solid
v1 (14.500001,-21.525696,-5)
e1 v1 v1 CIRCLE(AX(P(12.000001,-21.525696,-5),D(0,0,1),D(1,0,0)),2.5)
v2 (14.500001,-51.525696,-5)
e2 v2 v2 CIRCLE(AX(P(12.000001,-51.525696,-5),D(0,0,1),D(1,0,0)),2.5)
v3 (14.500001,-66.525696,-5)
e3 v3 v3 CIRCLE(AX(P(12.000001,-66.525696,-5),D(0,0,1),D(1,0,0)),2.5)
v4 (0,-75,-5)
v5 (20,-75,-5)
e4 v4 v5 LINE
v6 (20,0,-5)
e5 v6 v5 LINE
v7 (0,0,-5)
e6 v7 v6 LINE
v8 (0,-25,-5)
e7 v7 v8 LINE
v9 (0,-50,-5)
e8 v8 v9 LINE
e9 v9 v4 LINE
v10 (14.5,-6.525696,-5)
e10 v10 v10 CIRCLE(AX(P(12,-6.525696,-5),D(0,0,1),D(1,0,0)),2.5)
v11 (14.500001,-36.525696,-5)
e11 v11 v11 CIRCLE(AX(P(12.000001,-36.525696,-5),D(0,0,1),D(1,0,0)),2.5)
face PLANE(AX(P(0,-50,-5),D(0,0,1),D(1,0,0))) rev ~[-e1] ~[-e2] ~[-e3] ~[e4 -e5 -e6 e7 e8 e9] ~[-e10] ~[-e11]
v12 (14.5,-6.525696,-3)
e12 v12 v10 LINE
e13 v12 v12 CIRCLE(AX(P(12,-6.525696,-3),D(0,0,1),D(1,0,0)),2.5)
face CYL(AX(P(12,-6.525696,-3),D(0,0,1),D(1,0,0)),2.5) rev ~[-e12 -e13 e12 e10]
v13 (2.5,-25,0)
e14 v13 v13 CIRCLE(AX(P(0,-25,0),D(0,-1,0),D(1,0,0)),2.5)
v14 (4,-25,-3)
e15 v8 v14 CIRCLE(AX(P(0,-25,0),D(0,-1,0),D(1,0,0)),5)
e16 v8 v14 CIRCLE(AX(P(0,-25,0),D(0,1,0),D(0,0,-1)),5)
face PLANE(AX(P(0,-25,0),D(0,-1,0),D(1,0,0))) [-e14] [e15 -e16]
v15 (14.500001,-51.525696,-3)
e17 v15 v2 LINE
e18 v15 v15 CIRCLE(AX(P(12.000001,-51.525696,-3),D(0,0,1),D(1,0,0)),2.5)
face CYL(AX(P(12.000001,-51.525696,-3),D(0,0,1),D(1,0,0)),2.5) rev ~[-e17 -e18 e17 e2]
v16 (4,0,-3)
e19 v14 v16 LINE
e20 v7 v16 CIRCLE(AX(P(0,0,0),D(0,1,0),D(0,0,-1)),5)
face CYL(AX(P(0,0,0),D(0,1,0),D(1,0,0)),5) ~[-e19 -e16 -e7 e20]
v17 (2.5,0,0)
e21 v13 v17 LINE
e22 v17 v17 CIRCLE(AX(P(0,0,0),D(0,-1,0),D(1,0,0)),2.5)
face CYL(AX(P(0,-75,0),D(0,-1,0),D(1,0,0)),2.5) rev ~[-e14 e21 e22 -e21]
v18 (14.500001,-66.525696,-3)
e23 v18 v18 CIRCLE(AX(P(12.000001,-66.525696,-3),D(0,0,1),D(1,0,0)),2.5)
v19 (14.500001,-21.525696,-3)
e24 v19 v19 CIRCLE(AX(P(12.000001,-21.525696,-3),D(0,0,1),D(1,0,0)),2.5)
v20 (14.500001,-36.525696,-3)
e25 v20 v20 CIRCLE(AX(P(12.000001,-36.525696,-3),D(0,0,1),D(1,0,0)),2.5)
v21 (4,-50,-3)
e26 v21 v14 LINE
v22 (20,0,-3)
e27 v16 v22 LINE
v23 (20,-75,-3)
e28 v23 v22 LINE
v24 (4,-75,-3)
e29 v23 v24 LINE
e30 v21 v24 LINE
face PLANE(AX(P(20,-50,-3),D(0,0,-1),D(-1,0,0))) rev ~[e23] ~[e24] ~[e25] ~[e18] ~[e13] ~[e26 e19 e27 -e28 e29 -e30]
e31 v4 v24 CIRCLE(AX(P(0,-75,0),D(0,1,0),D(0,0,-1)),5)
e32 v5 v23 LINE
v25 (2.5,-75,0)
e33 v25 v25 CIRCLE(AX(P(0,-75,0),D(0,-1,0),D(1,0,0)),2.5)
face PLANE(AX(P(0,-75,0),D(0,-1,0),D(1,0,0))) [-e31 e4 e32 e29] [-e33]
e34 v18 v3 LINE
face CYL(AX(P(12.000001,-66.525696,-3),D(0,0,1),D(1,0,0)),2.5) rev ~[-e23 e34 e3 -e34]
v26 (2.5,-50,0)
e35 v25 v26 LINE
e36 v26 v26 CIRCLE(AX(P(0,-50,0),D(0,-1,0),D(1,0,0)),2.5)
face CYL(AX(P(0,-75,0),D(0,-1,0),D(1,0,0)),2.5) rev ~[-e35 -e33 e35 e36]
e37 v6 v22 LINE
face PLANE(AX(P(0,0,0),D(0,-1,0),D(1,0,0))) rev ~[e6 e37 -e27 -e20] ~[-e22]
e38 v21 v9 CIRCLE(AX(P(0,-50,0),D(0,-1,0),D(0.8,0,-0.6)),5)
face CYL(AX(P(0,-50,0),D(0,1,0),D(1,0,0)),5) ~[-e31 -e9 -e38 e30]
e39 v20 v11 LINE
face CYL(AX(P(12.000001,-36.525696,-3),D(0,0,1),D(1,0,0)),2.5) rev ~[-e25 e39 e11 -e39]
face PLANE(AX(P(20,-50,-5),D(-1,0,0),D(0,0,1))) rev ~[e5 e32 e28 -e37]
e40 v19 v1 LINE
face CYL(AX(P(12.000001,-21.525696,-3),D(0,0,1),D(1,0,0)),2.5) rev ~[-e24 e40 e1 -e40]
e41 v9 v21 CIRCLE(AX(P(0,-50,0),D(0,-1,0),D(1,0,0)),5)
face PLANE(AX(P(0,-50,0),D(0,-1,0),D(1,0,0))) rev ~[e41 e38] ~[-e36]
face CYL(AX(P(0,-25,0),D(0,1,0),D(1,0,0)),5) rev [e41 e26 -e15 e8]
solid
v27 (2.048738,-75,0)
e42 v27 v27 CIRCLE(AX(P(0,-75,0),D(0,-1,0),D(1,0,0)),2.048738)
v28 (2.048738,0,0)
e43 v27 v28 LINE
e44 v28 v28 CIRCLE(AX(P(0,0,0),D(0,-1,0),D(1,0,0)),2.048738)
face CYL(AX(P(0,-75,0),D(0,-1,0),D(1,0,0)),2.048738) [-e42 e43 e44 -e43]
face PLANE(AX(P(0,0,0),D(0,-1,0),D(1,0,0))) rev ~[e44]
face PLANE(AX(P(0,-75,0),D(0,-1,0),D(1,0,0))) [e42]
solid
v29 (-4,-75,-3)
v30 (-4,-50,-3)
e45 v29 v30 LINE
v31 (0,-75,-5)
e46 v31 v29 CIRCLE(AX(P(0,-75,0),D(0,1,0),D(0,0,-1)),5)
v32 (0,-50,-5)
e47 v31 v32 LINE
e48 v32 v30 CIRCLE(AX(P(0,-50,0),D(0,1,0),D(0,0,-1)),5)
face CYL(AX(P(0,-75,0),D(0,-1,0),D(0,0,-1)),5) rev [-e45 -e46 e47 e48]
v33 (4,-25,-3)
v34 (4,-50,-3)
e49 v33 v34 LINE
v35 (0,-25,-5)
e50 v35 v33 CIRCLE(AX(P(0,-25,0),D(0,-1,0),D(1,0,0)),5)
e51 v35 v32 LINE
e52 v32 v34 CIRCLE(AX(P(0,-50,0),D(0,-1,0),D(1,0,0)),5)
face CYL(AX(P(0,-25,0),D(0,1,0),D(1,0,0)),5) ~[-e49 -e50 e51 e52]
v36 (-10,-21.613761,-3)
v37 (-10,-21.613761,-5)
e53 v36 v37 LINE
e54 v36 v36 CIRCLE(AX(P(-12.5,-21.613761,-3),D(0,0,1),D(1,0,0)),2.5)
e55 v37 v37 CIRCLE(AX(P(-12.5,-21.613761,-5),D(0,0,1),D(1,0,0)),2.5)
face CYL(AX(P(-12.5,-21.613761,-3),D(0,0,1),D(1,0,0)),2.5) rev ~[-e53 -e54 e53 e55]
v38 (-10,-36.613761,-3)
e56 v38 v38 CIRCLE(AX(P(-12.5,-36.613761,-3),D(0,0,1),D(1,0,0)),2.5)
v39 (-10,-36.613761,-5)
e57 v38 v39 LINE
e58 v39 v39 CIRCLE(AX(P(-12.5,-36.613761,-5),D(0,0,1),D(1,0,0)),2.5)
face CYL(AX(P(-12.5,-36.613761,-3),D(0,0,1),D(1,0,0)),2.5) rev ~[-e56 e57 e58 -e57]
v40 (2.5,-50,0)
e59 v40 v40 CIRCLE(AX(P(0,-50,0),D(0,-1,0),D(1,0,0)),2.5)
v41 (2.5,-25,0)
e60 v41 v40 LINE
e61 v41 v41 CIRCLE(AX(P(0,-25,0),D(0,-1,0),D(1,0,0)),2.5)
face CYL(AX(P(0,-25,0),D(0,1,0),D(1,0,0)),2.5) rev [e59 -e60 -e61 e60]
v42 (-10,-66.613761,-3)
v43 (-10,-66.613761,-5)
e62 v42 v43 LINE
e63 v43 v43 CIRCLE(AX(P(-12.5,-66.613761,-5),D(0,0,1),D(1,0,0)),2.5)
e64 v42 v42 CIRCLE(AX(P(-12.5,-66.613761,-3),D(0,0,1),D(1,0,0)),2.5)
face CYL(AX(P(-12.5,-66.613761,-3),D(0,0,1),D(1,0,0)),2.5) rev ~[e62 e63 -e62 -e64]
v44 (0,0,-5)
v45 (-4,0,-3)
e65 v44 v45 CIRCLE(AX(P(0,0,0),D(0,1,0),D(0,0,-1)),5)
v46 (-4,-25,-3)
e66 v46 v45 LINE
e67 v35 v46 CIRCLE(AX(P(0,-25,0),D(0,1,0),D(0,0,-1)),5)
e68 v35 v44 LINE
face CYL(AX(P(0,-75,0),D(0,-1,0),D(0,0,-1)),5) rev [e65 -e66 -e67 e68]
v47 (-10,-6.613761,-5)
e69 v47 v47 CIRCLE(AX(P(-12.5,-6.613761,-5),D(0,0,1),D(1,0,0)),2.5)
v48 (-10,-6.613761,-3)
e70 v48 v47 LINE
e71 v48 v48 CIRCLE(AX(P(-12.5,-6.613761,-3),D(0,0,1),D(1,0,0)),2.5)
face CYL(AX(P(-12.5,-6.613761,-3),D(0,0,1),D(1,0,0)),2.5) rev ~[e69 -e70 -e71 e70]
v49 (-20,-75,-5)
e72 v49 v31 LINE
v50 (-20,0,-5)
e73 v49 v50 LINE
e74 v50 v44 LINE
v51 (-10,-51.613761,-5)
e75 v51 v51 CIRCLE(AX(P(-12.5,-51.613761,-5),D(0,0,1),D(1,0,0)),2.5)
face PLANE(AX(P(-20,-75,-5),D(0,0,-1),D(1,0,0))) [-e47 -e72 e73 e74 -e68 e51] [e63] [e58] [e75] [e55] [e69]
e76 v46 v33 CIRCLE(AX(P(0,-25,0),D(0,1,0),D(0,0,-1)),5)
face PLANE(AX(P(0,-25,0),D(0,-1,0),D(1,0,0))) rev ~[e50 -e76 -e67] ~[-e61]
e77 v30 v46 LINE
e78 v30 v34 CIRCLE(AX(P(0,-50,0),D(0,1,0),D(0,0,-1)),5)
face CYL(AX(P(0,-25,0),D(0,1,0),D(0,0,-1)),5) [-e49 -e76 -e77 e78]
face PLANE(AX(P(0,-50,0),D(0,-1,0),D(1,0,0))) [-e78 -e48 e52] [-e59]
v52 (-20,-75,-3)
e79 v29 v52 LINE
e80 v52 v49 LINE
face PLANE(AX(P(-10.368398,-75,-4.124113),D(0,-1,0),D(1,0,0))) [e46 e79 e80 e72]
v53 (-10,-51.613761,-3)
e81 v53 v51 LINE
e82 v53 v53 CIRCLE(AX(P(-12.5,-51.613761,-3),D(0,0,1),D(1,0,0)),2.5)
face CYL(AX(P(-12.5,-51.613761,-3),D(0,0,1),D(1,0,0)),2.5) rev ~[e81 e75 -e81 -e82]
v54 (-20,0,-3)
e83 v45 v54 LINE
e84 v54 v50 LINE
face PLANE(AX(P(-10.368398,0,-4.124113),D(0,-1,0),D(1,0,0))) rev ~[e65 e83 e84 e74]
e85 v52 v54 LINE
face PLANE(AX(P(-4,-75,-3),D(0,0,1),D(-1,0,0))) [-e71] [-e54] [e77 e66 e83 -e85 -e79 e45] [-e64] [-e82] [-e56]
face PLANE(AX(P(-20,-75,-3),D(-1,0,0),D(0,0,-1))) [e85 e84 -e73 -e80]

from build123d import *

# Parameters (mm, degrees)
F0_R      = 5
F2_DEPTH  = 25
F1_W      = 20
F1_H      = 2
F3_DEPTH  = 25
F5_DEPTH  = 25
F4_R      = 5
F6_DEPTH  = 25
F7_R      = 2.5
F8_DEPTH  = 85.7
F9_DEPTH  = 25
F10_R     = 5
F11_DEPTH = 25
F12_R     = 2.5
F13_DEPTH = 25
F15_DEPTH = 75
F16_DEPTH = 25
F17_R     = 2.0487384395
F18_DEPTH = 75
F19_R     = 2.5
F20_DEPTH = 25


with BuildPart() as f2:
    # F0 (on Front) → F2 (new body)
    with BuildSketch(Plane.XZ):
        Circle(F0_R)
    extrude(amount=F2_DEPTH)



with BuildPart() as f2b:
    # F1 (on Front) → F2, piece 2 (new body)
    with BuildSketch(Plane.XZ):
        with Locations((10, -4)):
            Rectangle(F1_W, F1_H)
    extrude(amount=F2_DEPTH)


with BuildPart() as f2_1:
    add(f2.part)
    # F3 (add): a face of the model
    f3_faces = [f2b.part.faces().sort_by_distance(p)[0] for p in [
        (10, -25, -4),
    ]]

    add(f2b.part)  # F3 merges F2b
    extrude(f3_faces, amount=F3_DEPTH)

    # F4 (on face) → F5 (join)
    with BuildSketch(Plane.XZ.offset(50)):
        with BuildLine():
            ThreePointArc((4, -3), (2.2360679775, -4.472135955), (0, -5))
            Line((0, -5), (20, -5))
            Line((20, -5), (20, -3))
            Line((20, -3), (4, -3))
        make_face()
    extrude(amount=F5_DEPTH)

    # F4 (on face) → F6 (join)
    with BuildSketch(Plane.XZ.offset(50)):
        Circle(F4_R)
    extrude(amount=F6_DEPTH)

    # F7 (on face) → F8 (cut)
    with BuildSketch(Plane.XZ.offset(75)):
        Circle(F7_R)
    extrude(amount=-F8_DEPTH, mode=Mode.SUBTRACT)

    # F9 (cut): a face of the model
    f9_faces = [f2_1.faces().sort_by_distance(p)[0] for p in [
        (2, -25, -2.8585786438),
    ]]
    extrude(f9_faces, amount=F9_DEPTH, mode=Mode.SUBTRACT)

    # F10 (on face) → F11 (cut)
    with BuildSketch(Plane.XZ.offset(25)):
        Circle(F10_R)
    extrude(amount=F11_DEPTH, mode=Mode.SUBTRACT)

    # F12 (on face) → F13 (cut)
    with BuildSketch(Plane.XY.offset(-3)):
        with Locations((12, -6.5256957896)):
            Circle(F12_R)
        with Locations((12.0000014076, -21.5256957896)):
            Circle(F12_R)
        with Locations((12.0000010356, -36.5256957896)):
            Circle(F12_R)
        with Locations((12.0000010356, -51.5256957896)):
            Circle(F12_R)
        with Locations((12.0000010356, -66.5256957896)):
            Circle(F12_R)
    extrude(amount=-F13_DEPTH, mode=Mode.SUBTRACT)


with BuildPart() as f15:
    # F14 (on face) → F15 (new body)
    with BuildSketch(Plane.XZ.offset(75)):
        with BuildLine():
            Line((-20, -5), (0, -5))
            ThreePointArc((0, -5), (-2.2360679775, -4.472135955), (-4, -3))
            Line((-4, -3), (-20, -3))
            Line((-20, -3), (-20, -5))
        make_face()
    extrude(amount=-F15_DEPTH)

    # F16 (add): a face of the model
    f16_faces = [f2_1.part.faces().sort_by_distance(p)[0] for p in [
        (-2.1728224243, -25, 4.3456448486),
    ]]
    extrude(f16_faces, amount=F16_DEPTH)

    # F19 (on face) → F20 (cut)
    with BuildSketch(Plane.XY.offset(-3)):
        with Locations((-12.5, -6.6137607209)):
            Circle(F19_R)
        with Locations((-12.5, -21.6137607209)):
            Circle(F19_R)
        with Locations((-12.5, -36.6137607209)):
            Circle(F19_R)
        with Locations((-12.5, -51.6137607209)):
            Circle(F19_R)
        with Locations((-12.5, -66.6137607209)):
            Circle(F19_R)
    extrude(amount=-F20_DEPTH, mode=Mode.SUBTRACT)


with BuildPart() as f18:
    # F17 (on face) → F18 (new body)
    with BuildSketch(Plane.XZ.offset(75)):
        Circle(F17_R)
    extrude(amount=-F18_DEPTH)


solid = Compound([f2_1.part, f15.part, f18.part])
